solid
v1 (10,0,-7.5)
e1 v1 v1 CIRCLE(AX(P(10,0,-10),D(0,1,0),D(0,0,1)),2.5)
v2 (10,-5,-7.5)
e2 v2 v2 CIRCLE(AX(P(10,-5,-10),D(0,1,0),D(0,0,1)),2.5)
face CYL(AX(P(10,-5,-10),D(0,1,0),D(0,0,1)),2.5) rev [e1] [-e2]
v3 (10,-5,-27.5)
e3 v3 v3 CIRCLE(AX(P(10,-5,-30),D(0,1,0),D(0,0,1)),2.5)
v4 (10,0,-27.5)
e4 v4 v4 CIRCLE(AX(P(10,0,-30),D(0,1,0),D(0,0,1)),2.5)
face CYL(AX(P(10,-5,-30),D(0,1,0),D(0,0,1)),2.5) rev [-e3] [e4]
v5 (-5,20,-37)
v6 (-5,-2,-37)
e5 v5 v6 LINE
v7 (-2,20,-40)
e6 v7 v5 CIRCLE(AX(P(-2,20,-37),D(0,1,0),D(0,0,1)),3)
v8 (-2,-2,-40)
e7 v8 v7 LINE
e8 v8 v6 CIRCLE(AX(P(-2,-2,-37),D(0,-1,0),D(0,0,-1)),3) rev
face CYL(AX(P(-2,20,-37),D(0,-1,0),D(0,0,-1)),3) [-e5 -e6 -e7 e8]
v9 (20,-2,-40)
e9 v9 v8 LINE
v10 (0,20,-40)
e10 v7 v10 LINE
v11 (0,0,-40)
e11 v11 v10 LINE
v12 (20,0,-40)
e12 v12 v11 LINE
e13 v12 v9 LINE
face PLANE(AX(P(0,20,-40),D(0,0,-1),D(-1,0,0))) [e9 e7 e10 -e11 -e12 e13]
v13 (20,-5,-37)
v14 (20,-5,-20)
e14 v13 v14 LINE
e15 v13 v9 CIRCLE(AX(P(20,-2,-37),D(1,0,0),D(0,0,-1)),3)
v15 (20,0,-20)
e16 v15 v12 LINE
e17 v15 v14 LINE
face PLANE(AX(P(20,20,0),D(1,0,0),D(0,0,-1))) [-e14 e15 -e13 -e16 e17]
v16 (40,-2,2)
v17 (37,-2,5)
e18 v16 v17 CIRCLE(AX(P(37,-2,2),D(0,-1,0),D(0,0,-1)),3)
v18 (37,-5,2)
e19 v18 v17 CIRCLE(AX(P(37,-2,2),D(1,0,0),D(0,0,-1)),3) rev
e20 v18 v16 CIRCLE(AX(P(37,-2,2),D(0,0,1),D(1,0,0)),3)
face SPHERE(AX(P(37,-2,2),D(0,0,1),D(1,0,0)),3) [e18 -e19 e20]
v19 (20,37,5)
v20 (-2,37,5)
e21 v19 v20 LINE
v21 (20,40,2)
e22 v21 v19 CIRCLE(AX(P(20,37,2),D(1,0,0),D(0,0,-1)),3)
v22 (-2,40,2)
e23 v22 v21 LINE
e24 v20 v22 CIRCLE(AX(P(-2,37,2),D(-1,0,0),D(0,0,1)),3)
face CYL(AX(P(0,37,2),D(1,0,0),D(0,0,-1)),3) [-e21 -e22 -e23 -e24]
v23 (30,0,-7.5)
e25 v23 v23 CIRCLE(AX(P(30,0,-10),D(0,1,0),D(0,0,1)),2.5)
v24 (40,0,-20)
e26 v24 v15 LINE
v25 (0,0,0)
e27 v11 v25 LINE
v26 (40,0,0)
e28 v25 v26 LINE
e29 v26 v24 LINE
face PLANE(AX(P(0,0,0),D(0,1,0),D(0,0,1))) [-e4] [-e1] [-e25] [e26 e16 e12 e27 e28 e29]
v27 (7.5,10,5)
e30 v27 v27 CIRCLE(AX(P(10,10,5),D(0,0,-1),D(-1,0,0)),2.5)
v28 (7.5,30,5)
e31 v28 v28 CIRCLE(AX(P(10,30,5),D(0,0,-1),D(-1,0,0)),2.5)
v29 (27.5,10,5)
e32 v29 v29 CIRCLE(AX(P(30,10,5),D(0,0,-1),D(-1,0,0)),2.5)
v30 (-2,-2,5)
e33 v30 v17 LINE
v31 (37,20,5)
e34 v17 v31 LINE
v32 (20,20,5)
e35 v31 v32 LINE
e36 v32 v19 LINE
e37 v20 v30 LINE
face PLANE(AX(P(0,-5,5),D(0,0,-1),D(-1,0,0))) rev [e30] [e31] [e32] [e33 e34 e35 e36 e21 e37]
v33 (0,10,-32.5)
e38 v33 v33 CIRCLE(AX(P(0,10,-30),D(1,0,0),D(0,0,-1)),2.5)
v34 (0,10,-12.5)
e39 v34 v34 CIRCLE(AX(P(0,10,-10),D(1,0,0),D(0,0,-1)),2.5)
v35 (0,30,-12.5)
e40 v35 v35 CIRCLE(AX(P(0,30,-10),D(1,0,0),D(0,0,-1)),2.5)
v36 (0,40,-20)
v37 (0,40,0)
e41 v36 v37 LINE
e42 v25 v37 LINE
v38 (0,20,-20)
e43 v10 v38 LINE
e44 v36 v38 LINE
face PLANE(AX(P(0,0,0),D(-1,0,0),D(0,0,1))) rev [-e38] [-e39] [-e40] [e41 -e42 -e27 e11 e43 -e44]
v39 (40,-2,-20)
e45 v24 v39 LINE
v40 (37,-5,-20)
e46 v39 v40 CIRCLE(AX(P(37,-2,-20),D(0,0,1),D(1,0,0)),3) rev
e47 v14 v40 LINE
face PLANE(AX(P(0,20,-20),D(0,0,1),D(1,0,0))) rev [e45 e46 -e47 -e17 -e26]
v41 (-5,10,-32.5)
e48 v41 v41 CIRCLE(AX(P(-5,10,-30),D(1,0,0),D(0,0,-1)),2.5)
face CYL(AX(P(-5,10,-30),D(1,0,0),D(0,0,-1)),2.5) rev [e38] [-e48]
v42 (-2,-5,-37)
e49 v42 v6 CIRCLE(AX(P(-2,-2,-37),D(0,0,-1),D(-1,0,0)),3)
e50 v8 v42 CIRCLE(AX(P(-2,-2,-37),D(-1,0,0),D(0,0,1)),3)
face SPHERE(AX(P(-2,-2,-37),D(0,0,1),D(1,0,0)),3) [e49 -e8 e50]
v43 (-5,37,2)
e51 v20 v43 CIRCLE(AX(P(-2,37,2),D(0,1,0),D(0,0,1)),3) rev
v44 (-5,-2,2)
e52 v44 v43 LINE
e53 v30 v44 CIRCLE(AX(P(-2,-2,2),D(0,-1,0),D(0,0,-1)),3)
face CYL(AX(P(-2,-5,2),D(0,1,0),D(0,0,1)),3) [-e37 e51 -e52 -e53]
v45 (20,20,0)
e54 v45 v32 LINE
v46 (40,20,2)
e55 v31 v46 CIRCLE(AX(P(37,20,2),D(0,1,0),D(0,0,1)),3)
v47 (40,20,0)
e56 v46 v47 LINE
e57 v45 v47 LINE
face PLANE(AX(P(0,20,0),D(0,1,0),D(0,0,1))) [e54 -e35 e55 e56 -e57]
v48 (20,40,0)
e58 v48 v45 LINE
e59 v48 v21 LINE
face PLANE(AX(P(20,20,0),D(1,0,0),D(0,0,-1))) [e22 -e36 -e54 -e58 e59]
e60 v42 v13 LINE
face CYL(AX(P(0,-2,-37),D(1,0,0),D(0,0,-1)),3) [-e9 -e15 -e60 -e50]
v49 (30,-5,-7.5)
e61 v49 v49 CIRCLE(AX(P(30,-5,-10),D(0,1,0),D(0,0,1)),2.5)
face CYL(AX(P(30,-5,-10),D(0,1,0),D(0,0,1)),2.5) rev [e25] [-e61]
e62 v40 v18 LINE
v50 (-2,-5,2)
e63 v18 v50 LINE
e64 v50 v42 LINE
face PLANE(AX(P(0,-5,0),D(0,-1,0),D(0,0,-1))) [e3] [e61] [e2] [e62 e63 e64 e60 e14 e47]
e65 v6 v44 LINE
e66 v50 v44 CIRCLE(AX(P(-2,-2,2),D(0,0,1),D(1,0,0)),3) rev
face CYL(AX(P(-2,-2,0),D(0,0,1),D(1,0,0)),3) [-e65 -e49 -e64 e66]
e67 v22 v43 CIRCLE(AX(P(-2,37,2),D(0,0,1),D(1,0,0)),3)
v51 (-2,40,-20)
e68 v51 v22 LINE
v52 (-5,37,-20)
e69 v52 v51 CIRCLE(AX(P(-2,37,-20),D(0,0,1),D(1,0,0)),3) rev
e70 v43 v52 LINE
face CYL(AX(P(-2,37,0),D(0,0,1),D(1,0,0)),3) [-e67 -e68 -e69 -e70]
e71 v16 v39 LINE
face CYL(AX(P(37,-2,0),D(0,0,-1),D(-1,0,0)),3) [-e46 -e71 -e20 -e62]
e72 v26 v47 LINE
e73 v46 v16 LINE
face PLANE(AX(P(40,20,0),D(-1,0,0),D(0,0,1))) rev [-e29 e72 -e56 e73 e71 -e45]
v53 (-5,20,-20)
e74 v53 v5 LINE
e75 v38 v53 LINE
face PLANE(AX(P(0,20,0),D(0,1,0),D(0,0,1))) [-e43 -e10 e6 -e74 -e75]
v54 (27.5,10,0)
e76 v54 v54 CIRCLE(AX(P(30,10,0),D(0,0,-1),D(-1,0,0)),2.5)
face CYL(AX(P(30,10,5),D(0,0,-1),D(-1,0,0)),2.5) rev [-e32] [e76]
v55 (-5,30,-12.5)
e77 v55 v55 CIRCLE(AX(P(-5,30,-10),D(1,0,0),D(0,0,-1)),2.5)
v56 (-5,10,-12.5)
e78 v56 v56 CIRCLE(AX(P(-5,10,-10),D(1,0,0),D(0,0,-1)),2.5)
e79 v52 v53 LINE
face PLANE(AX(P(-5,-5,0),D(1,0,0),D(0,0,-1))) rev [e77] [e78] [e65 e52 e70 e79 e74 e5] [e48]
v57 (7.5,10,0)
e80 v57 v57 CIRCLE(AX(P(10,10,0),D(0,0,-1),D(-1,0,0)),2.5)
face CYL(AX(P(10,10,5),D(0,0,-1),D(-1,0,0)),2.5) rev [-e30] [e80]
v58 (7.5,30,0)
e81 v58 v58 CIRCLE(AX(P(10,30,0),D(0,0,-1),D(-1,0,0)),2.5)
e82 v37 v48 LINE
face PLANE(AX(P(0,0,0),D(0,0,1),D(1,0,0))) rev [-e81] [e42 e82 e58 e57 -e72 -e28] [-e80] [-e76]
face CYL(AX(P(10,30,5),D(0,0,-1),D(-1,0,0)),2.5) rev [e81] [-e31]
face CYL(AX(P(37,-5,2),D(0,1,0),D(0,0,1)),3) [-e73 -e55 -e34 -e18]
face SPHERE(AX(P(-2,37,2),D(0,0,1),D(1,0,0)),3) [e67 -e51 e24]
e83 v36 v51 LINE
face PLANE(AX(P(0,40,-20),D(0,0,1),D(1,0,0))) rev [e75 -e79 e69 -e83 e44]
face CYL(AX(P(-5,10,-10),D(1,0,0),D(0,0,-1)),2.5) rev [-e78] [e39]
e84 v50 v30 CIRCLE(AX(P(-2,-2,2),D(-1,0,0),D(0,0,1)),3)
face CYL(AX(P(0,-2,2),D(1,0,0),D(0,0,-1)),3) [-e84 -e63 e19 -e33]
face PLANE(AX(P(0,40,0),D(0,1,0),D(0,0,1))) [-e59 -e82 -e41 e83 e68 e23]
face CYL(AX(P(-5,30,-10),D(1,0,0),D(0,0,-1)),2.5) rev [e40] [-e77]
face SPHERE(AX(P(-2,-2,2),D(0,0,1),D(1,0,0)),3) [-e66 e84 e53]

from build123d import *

# Parameters (mm, degrees)
SKETCH_1_W          = 20
SKETCH_1_H          = 20
EXTRUDE_1_DEPTH     = 20
EXTRUDE_1_2_DEPTH   = 20
SKETCH_1_3_W        = 20
SKETCH_1_3_H        = 20
EXTRUDE_2_DEPTH     = 40
EXTRUDE_3_DEPTH     = 5
EXTRUDE_4_DEPTH     = 5
EXTRUDE_5_DEPTH     = 5
CUT_EXTRUDE_1_DEPTH = 40
SKETCH_7_R          = 2.5
CUT_EXTRUDE_2_DEPTH = 5
SKETCH_9_R          = 2.5
CUT_EXTRUDE_3_DEPTH = 5
SKETCH_10_R         = 2.5
CUT_EXTRUDE_4_DEPTH = 5
FILLET_1_R          = 3


with BuildPart() as part:
    # 스케치1 → 보스-돌출1 (new body)
    with BuildSketch(Plane(origin=(0, 0, 0), x_dir=(1, 0, 0), z_dir=(0, 1, 0))):
        with Locations((30, 10)):
            Rectangle(SKETCH_1_W, SKETCH_1_H)
    extrude(amount=EXTRUDE_1_DEPTH)



with BuildPart() as body_2:
    # 스케치1 → Extrude 1 2 (new body)
    with BuildSketch(Plane(origin=(0, 0, 0), x_dir=(1, 0, 0), z_dir=(0, 1, 0))):
        with Locations((10, 30)):
            Rectangle(SKETCH_1_W, SKETCH_1_H)
    extrude(amount=EXTRUDE_1_2_DEPTH)


with BuildPart() as part_1:
    add(part.part)

    add(body_2.part)  # 보스-돌출2 merges body 2
    # 스케치1<3> → 보스-돌출2 (add)
    with BuildSketch(Plane(origin=(0, 0, 0), x_dir=(1, 0, 0), z_dir=(0, 1, 0))):
        with Locations((10, 10)):
            Rectangle(SKETCH_1_3_W, SKETCH_1_3_H)
    extrude(amount=EXTRUDE_2_DEPTH)



with BuildPart() as body_2_2:
    # 스케치2 → 보스-돌출3 (new body)
    with BuildSketch(Plane.XY):
        Polygon((0, 0), (40, 0), (40, 20), (20, 20), (20, 40), (0, 40), align=None)
    extrude(amount=EXTRUDE_3_DEPTH)


with BuildPart() as body_3:
    # 스케치3 → 보스-돌출4 (new body)
    with BuildSketch(Plane.ZY):
        Polygon((5, 40), (-20, 40), (-20, 20), (-40, 20), (-40, 0), (5, 0), align=None)
    extrude(amount=EXTRUDE_4_DEPTH)


with BuildPart() as part_2:
    add(part_1.part)

    add(body_2_2.part)  # 보스-돌출5 merges body 2 2

    add(body_3.part)  # 보스-돌출5 merges body 3
    # 스케치5 → 보스-돌출5 (add)
    with BuildSketch(Plane.XZ):
        Polygon((40, 5), (-5, 5), (-5, -40), (20, -40), (20, -20), (40, -20), align=None)
    extrude(amount=EXTRUDE_5_DEPTH)

    # 스케치6 → 컷-돌출1 (cut)
    with BuildSketch(Plane(origin=(0, 40, 0), x_dir=(1, 0, 0), z_dir=(0, 1, 0))):
        Polygon((0, 0), (40, 0), (40, 20), (20, 20), (20, 40), (0, 40), align=None)
    extrude(amount=-CUT_EXTRUDE_1_DEPTH, mode=Mode.SUBTRACT)

    # 스케치7 → 컷-돌출2 (cut)
    with BuildSketch(Plane(origin=(0, 0, 0), x_dir=(1, 0, 0), z_dir=(0, 1, 0))):
        with Locations((10, 30)):
            Circle(SKETCH_7_R)
        with Locations((30, 10)):
            Circle(SKETCH_7_R)
        with Locations((10, 10)):
            Circle(SKETCH_7_R)
    extrude(amount=-CUT_EXTRUDE_2_DEPTH, mode=Mode.SUBTRACT)

    # 스케치9 → 컷-돌출3 (cut)
    with BuildSketch(Plane(origin=(0, 0, 0), x_dir=(-1, 0, 0), z_dir=(0, 0, -1))):
        with Locations((-10, 30)):
            Circle(SKETCH_9_R)
        with Locations((-30, 10)):
            Circle(SKETCH_9_R)
        with Locations((-10, 10)):
            Circle(SKETCH_9_R)
    extrude(amount=-CUT_EXTRUDE_3_DEPTH, mode=Mode.SUBTRACT)

    # 스케치10 → 컷-돌출4 (cut)
    with BuildSketch(Plane(origin=(0, 0, 0), x_dir=(0, 0, -1), z_dir=(1, 0, 0))):
        with Locations((10, 30)):
            Circle(SKETCH_10_R)
        with Locations((30, 10)):
            Circle(SKETCH_10_R)
        with Locations((10, 10)):
            Circle(SKETCH_10_R)
    extrude(amount=-CUT_EXTRUDE_4_DEPTH, mode=Mode.SUBTRACT)

    # 필렛1
    fillet_1_edges = [part_2.edges().sort_by_distance(p)[0] for p in [
        (-5, 7.5, -40),
        (7.5, -5, -40),
        (40, -5, -7.5),
        (40, 7.5, 5),
        (17.5, -5, 5),
        (-5, -5, -17.5),
        (-5, 17.5, 5),
        (-5, 40, -7.5),
        (7.5, 40, 5),
    ]]
    fillet(fillet_1_edges, radius=FILLET_1_R)


solid = part_2.part
